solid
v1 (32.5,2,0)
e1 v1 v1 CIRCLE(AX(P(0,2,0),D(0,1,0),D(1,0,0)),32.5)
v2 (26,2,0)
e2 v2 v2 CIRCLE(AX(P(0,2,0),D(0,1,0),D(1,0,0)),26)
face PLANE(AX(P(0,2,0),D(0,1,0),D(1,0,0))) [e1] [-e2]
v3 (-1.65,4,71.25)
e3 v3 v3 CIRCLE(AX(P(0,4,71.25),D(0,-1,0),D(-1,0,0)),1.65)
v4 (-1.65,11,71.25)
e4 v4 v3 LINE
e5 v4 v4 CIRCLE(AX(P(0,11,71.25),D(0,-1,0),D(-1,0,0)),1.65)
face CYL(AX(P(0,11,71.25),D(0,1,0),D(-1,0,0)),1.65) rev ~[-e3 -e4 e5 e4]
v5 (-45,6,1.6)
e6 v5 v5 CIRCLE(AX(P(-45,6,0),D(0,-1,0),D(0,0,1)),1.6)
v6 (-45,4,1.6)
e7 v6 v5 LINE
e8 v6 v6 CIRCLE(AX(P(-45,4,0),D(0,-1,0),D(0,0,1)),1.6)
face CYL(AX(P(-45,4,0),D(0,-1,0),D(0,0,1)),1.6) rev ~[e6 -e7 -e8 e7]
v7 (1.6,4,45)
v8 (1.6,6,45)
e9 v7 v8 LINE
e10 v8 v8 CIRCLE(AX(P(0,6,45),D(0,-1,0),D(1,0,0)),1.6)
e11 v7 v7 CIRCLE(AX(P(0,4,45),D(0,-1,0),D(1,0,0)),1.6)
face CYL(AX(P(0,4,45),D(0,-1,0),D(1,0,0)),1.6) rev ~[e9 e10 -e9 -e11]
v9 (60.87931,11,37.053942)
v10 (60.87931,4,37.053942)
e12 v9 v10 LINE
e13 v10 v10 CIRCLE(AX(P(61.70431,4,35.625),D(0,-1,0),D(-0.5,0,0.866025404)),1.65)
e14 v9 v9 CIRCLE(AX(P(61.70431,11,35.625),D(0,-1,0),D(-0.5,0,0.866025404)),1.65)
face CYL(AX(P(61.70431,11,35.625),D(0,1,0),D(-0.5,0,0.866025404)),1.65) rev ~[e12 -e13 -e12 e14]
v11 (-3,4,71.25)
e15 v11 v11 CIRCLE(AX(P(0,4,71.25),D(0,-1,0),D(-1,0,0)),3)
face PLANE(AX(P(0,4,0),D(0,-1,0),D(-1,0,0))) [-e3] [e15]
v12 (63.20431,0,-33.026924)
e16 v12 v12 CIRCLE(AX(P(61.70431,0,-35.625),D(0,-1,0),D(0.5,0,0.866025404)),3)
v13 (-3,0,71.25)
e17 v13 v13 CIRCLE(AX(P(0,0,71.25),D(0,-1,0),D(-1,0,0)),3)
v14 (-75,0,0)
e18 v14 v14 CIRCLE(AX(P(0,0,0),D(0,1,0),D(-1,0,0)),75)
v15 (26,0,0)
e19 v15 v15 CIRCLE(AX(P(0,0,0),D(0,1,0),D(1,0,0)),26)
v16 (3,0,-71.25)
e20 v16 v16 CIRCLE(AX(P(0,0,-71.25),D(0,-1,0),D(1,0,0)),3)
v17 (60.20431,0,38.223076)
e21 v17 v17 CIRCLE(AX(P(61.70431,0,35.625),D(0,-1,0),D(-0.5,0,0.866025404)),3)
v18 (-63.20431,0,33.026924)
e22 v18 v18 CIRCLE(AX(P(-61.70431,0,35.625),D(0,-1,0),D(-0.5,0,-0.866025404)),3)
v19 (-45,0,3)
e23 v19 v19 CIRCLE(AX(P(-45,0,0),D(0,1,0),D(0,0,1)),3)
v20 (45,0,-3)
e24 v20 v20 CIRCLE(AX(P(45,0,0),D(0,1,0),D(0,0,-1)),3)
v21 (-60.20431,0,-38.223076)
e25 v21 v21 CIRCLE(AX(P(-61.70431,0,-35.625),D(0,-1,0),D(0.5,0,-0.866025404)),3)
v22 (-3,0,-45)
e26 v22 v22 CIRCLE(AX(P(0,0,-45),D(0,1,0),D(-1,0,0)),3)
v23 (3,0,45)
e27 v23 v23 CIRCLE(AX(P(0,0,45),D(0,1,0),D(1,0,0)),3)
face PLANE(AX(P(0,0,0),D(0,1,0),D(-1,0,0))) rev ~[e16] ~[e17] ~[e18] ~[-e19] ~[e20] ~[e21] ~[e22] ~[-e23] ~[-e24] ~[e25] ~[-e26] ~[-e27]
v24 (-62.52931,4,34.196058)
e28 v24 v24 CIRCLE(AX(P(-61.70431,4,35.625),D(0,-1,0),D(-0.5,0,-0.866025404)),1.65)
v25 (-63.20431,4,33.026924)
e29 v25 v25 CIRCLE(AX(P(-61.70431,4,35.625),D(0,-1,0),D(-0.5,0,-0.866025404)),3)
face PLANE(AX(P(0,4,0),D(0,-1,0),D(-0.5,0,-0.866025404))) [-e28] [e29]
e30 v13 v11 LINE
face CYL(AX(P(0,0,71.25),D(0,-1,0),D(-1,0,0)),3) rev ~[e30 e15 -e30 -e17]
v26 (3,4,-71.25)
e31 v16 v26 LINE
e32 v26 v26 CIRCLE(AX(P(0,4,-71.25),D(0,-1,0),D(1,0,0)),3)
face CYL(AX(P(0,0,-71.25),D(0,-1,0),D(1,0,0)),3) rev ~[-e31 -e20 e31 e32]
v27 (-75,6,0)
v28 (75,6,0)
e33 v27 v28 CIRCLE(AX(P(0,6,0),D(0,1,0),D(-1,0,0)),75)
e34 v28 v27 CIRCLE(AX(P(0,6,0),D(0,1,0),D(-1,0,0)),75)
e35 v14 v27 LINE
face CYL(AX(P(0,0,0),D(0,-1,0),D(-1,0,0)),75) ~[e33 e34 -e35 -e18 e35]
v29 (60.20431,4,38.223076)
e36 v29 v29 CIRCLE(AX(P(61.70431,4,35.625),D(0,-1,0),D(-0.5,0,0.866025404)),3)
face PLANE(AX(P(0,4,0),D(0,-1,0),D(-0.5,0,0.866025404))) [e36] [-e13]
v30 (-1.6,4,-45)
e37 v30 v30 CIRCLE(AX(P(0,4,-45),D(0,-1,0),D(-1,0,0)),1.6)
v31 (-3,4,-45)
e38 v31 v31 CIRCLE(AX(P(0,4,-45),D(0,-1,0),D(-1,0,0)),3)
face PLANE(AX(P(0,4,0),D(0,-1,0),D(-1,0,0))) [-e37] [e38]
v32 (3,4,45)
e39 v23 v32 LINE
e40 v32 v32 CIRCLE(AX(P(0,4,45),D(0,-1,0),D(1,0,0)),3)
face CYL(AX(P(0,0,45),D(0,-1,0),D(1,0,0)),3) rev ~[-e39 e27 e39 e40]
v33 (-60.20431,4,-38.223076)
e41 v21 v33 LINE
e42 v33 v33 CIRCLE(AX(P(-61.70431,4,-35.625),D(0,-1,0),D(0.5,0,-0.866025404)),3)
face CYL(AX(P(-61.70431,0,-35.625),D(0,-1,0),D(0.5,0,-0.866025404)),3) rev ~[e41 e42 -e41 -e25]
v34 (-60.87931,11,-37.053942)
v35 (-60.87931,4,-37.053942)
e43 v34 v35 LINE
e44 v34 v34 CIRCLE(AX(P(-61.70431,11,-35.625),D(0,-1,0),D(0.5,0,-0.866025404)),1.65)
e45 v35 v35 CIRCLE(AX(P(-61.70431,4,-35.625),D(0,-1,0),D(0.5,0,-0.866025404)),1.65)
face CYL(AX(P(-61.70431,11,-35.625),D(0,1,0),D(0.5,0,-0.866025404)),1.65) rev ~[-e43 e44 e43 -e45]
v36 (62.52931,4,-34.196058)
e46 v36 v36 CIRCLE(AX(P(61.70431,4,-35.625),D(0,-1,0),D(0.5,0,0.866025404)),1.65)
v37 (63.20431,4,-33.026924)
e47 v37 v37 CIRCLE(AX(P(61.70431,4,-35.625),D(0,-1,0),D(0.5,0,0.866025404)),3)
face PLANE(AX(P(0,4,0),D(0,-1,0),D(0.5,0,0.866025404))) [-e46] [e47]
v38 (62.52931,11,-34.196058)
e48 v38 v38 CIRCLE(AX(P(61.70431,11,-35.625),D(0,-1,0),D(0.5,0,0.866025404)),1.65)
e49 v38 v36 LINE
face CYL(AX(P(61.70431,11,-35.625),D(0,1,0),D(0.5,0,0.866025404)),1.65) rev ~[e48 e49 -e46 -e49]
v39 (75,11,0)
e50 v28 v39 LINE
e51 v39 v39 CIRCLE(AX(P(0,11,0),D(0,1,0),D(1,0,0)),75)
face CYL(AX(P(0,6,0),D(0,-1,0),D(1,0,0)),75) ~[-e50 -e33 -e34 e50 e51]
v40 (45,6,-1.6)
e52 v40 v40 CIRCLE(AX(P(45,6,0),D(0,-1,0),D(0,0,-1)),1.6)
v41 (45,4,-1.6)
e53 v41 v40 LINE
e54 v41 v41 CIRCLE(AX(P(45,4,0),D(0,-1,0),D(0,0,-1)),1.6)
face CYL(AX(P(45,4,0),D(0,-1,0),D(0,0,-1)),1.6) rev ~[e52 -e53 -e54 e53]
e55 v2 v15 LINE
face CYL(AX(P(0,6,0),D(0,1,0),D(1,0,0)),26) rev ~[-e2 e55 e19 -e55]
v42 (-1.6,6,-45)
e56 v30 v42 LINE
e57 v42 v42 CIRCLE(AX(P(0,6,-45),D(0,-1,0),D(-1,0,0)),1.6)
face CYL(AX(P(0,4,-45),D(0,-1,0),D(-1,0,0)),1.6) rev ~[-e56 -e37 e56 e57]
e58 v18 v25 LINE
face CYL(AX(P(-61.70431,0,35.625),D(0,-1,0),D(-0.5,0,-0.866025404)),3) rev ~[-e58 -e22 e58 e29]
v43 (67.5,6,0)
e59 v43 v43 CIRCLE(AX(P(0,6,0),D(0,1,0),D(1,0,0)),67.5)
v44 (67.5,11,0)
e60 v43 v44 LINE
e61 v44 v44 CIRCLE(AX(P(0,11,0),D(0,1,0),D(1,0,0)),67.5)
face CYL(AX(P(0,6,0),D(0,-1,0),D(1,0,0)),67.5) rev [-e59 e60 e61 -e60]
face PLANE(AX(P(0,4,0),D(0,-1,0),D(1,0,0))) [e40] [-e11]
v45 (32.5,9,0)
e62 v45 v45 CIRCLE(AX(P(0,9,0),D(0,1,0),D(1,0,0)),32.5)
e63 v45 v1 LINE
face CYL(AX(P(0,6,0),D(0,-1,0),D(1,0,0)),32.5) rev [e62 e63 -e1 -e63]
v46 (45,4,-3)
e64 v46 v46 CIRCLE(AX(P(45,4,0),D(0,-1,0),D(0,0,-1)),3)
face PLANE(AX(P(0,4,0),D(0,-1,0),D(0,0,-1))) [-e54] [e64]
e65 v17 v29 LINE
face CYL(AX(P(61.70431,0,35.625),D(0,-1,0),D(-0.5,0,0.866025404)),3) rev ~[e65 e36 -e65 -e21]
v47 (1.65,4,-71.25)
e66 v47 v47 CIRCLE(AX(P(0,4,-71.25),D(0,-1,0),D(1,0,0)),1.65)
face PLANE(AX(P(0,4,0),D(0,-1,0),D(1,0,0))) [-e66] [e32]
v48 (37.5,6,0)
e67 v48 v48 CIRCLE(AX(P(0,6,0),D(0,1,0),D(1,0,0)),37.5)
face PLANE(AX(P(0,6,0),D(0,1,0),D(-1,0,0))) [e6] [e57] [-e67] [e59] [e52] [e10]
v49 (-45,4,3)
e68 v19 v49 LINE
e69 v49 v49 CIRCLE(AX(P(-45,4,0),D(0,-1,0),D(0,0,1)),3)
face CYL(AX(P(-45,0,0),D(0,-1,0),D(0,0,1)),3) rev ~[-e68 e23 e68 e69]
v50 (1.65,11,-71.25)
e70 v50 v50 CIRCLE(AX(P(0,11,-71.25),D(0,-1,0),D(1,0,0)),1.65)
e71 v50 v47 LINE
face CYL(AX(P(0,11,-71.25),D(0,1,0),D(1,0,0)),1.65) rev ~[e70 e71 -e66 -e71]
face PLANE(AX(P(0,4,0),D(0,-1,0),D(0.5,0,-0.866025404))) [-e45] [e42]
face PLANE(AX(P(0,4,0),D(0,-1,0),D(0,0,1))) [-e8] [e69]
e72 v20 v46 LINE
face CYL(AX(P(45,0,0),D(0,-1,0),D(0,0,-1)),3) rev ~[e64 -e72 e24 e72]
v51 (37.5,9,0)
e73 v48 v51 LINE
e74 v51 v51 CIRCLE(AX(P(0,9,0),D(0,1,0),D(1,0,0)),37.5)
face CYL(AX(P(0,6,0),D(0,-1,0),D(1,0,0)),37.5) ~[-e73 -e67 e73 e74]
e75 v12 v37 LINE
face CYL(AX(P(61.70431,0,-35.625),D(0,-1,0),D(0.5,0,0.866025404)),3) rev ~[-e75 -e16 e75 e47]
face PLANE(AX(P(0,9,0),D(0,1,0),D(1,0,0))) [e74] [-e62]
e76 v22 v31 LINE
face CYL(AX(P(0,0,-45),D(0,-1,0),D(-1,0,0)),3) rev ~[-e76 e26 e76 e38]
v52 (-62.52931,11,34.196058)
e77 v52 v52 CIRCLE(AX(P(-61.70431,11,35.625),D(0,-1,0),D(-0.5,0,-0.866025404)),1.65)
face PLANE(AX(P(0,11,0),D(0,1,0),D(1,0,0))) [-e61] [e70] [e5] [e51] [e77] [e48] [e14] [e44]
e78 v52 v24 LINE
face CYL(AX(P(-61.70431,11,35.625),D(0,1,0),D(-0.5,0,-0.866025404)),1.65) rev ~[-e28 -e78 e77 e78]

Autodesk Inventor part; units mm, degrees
ref_plane "YZ Plane" through (0, 0, 0) normal (1, 0, 0) x (0, 1, 0)
ref_plane "XZ Plane" through (0, 0, 0) normal (0, 1, 0) x (-1, 0, 0)
ref_plane "XY Plane" through (0, 0, 0) normal (0, 0, 1) x (1, 0, 0)
sketch "Szkic1" plane through (0, 0, 0) normal (0, 1, 0) x (-1, 0, 0)
  circle A0 centre (0, 0) radius 75
  dimension "d0" = 150
extrude "Wyciągnięcie proste1" add sketch "Szkic1" along normal blind 6
sketch "Szkic2" plane through (0, 6, 0) normal (0, 1, 0) x (1, 0, 0)
  circle A0 centre (0, 0) radius 26
  dimension "d3" = 52
extrude "Wyciągnięcie proste2" cut sketch "Szkic2" against normal through all
sketch "Szkic4" plane through (0, 0, 0) normal (0, -1, 0) x (1, 0, 0)
  circle A0 centre (0, 0) radius 45
  circle A1 centre (0, 45) radius 3
  dimension "d10" = 90
  dimension "d11" = 6
extrude "Wyciągnięcie proste4" cut sketch "Szkic4" against normal blind 4 contours A1 A0 | A0 A1 picked at (-0.118, 43.9996) picked at (0.1052, 45.987)
sketch "Szkic5" plane through (0, 4, 45) normal (0, -1, 0) x (1, 0, 0)
  circle A0 centre (0, 0) radius 1.6
  point P0 (0, -45)
  dimension "d14" = 3.2
extrude "Wyciągnięcie proste5" cut sketch "Szkic5" against normal through all
pattern_circular "Szyk kołowy1" count 4 over 360 about axis through (0, 0, 0) along (0, 1, 0) of "Wyciągnięcie proste4", "Wyciągnięcie proste5"
sketch "Szkic6" plane through (0, 6, 0) normal (0, 1, 0) x (1, 0, 0)
  circle A0 centre (0, 0) radius 26
  circle A1 centre (0, 0) radius 32.5
  dimension "d20" = 65
extrude "Wyciągnięcie proste6" cut sketch "Szkic6" against normal blind 4
sketch "Szkic7" plane through (0, 6, 0) normal (0, 1, 0) x (1, 0, 0)
  circle A0 centre (0, 0) radius 37.5
  circle A1 centre (0, 0) radius 32.5
  dimension "d23" = 75
extrude "Wyciągnięcie proste7" add sketch "Szkic7" along normal blind 3
sketch "Szkic8" plane through (0, 6, 0) normal (0, 1, 0) x (1, 0, 0)
  circle A0 centre (0, 0) radius 75
  circle A1 centre (0, 0) radius 67.5
  dimension "d26" = 135
  dimension "d29" = 150
extrude "Wyciągnięcie proste8" add sketch "Szkic8" along normal blind 5
sketch "Szkic9" plane through (0, 11, 0) normal (0, 1, 0) x (1, 0, 0)
  circle A0 centre (0, 0) radius 67.5 projected
  circle A1 centre (0, 0) radius 71.25
  circle A2 centre (0, 71.25) radius 1.65
  dimension "d30" = 142.5
  dimension "d31" = 3.3
extrude "Wyciągnięcie proste9" cut sketch "Szkic9" against normal through all contours A2 A1 | A1 A2 picked at (-0.0658, 70.7025) picked at (0.0634, 71.7949)
pattern_circular "Szyk kołowy2" count 6 over 360 about axis through (0, 0, 0) along (0, 1, 0) of "Wyciągnięcie proste9"
sketch "Szkic10" plane through (0, 0, 0) normal (0, -1, 0) x (1, 0, 0)
  circle A0 centre (0, -71.25) radius 1.65 projected
  circle A1 centre (0, -71.25) radius 3
  point P0 (0, 0)
  dimension "d37" = 6
extrude "Wyciągnięcie proste10" cut sketch "Szkic10" against normal blind 4
pattern_circular "Szyk kołowy3" count 6 over 360 about axis through (0, 0, 0) along (0, 1, 0) of "Wyciągnięcie proste10"
properties part number "_Drukowanie 3D"
